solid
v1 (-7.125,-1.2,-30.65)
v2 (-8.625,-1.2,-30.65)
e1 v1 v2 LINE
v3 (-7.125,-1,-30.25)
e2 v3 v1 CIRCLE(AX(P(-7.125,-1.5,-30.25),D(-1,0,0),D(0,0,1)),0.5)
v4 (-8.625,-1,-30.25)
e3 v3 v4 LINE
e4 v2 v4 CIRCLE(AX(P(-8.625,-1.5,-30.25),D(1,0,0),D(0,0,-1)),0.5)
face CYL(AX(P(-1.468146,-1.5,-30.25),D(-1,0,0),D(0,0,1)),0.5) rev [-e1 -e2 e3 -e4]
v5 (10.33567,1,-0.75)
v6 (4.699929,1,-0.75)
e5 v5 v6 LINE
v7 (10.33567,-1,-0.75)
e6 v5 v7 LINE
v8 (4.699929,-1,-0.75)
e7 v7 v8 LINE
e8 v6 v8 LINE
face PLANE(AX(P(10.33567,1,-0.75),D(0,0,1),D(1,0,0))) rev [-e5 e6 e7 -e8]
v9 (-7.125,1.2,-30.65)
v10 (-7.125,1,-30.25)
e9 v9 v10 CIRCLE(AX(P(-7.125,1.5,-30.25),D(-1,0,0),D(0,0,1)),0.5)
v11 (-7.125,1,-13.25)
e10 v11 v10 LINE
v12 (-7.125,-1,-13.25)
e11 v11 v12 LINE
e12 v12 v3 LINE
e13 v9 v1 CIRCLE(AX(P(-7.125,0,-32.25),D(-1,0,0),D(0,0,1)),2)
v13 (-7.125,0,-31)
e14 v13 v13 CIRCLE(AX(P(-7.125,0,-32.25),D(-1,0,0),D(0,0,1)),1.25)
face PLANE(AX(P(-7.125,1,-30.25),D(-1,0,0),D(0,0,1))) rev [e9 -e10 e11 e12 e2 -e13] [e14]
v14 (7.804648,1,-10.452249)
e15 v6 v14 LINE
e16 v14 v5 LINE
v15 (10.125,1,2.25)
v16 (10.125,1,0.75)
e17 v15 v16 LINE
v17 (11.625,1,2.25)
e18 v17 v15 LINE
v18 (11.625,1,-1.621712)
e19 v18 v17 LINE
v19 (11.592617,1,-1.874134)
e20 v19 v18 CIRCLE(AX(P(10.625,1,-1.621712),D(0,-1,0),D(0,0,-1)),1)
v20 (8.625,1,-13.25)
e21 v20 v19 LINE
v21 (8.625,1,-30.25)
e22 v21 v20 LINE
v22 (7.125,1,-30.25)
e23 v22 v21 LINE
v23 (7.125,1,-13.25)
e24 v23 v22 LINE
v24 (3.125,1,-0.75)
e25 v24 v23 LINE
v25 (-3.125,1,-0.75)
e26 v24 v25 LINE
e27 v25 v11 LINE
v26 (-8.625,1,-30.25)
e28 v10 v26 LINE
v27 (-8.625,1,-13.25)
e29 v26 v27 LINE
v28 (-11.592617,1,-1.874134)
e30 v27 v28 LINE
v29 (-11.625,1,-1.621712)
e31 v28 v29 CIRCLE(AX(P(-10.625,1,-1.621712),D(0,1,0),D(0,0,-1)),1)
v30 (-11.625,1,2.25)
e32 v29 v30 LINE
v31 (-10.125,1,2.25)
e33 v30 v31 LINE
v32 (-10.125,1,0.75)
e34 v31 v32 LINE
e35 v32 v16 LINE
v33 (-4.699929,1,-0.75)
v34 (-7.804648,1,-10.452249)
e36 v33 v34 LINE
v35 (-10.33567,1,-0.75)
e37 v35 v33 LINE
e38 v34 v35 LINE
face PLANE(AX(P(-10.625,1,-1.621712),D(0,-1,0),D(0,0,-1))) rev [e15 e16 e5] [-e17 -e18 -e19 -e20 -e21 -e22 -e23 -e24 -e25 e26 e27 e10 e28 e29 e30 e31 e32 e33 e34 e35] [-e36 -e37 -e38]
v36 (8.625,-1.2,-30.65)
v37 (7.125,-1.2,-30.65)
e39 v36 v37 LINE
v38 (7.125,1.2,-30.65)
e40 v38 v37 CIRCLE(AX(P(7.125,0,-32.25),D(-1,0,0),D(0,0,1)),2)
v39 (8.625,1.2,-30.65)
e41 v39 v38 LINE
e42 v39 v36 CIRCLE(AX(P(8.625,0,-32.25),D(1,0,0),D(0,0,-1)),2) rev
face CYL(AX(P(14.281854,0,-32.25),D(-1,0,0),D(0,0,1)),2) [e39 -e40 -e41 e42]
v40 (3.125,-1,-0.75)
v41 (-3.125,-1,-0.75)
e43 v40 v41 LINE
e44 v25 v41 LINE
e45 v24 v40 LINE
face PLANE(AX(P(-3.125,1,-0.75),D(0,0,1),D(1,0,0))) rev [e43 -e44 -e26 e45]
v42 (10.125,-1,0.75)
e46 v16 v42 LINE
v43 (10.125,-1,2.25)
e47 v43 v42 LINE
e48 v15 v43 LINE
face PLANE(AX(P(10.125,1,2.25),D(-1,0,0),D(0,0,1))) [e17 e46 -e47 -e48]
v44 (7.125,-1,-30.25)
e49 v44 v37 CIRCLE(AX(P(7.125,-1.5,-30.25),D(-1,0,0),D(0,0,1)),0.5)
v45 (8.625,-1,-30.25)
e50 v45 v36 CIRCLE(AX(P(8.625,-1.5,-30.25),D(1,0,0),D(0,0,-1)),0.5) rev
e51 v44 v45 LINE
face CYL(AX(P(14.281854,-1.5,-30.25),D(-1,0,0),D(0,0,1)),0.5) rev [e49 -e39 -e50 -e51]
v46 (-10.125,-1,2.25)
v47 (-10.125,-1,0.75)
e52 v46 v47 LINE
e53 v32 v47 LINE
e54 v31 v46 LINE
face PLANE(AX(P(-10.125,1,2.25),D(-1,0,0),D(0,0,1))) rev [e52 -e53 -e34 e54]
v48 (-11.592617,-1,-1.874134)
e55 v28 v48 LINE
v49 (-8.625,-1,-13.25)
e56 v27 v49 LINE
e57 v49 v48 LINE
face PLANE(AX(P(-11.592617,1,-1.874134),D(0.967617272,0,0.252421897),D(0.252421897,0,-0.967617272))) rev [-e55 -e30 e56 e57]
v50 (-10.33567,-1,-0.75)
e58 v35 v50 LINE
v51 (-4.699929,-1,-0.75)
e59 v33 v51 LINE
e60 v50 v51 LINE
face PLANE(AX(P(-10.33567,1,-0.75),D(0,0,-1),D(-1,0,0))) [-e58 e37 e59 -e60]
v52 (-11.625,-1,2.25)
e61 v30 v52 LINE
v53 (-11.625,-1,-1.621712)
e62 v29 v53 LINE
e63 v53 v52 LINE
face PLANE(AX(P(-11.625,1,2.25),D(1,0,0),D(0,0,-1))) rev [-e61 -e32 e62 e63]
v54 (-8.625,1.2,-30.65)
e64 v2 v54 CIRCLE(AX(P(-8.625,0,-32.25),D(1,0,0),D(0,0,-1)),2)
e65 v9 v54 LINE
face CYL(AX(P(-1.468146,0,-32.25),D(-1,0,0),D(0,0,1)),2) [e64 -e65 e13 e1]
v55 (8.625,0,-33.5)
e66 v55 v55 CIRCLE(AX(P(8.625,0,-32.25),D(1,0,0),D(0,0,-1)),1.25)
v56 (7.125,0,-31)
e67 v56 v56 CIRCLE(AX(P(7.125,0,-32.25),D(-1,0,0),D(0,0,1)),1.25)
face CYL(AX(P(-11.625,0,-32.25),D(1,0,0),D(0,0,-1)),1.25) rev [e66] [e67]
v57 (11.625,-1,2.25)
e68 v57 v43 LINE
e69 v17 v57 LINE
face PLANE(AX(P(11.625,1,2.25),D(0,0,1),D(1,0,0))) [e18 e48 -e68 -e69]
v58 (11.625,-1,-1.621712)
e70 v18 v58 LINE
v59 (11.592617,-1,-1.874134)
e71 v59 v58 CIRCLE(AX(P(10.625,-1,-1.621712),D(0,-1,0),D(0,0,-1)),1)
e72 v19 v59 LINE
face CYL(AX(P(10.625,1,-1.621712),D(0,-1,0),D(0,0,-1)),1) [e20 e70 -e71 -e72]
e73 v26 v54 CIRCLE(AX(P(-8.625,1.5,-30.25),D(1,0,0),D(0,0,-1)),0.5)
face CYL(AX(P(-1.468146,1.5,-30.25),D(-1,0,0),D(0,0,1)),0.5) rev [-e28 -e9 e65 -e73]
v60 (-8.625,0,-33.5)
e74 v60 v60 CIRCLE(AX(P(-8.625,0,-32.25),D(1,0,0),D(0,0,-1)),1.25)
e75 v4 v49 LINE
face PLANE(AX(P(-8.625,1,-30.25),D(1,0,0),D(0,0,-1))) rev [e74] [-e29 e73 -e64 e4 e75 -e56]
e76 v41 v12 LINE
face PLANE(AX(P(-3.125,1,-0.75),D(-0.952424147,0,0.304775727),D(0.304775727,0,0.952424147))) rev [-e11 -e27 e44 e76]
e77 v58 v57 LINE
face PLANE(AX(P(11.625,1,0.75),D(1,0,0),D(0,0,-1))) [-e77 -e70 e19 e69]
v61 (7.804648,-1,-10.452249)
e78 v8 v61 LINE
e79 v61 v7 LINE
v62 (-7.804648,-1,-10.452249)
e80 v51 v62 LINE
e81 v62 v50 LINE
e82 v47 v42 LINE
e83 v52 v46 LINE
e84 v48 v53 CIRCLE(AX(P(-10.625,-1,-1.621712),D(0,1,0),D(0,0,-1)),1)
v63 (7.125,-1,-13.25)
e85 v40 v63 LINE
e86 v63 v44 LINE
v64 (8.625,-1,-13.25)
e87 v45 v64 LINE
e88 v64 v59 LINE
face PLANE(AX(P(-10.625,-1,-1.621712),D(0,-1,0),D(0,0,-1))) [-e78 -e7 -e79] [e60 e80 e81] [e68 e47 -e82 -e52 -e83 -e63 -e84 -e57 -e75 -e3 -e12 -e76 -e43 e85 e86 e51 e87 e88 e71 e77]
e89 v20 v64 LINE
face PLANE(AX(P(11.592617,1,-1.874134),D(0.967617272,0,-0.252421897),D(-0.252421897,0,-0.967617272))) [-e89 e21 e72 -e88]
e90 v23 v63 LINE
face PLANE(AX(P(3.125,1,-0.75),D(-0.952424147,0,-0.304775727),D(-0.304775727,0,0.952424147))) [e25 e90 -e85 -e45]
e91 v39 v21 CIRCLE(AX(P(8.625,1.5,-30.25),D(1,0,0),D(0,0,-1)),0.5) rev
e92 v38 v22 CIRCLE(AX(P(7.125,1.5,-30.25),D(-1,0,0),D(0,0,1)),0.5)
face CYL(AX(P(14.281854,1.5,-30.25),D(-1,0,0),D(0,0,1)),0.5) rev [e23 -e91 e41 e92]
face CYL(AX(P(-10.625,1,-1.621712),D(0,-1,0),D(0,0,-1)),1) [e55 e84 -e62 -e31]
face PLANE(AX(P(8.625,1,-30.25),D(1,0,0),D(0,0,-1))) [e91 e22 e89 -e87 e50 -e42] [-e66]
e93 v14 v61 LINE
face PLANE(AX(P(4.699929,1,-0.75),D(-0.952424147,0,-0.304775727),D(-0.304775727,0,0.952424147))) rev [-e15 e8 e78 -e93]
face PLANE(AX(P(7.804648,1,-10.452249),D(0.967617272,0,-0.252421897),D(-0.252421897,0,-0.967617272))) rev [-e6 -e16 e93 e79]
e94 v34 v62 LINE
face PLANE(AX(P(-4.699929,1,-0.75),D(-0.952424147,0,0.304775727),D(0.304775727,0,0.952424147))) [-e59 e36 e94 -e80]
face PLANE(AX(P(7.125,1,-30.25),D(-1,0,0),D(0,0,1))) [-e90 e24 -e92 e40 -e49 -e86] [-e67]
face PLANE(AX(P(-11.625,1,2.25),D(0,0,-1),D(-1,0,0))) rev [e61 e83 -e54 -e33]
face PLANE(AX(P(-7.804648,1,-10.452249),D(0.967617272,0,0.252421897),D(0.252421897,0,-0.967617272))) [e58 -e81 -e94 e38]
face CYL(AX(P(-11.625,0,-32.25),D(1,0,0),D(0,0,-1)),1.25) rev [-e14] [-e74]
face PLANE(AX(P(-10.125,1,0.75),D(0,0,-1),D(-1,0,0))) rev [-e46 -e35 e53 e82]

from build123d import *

# Parameters (mm, degrees)
BOSS_EXTRUDE1_DEPTH     = 1
BOSS_EXTRUDE2_START     = 7.125
BOSS_EXTRUDE2_DEPTH     = 1.5
BOSS_EXTRUDE3_START     = -8.625
BOSS_EXTRUDE3_DEPTH     = 1.5
SKETCH3_R               = 1.25
CUT_EXTRUDE1_DEPTH      = 12.625
CUT_EXTRUDE1_DEPTH_BACK = 12.625


with BuildPart() as part:
    # Sketch1 → Boss-Extrude1 (new body, symmetric)
    with BuildSketch(Plane(origin=(0, 0, 0), x_dir=(1, 0, 0), z_dir=(0, 1, 0))):
        with BuildLine():
            Line((-10.125, -0.75), (0, -0.75))
            Line((0, -0.75), (0, 0.75))
            Line((0, 0.75), (-3.125, 0.75))
            Line((-3.125, 0.75), (-7.125, 13.25))
            Line((-7.125, 13.25), (-7.125, 30.25))
            Line((-7.125, 30.25), (-8.625, 30.25))
            Line((-8.625, 30.25), (-8.625, 13.25))
            Line((-8.625, 13.25), (-11.592617272, 1.874133789))
            ThreePointArc((-11.592617272, 1.874133789), (-11.61687128, 1.748957182), (-11.625, 1.621711892))
            Line((-11.625, 1.621711892), (-11.625, -0.75))
            Line((-11.625, -0.75), (-11.625, -2.25))
            Line((-11.625, -2.25), (-10.125, -2.25))
            Line((-10.125, -2.25), (-10.125, -0.75))
        make_face()
        Polygon((-4.69992857, 0.75), (-7.804648328, 10.452249246), (-10.335669871, 0.75), align=None, mode=Mode.SUBTRACT)
    boss_extrude1 = extrude(amount=BOSS_EXTRUDE1_DEPTH, both=True)

    # Mirror1: Boss-Extrude1 across plane
    add(boss_extrude1.mirror(Plane(origin=(0, 0, 0), x_dir=(0, 0, 1), z_dir=(1, 0, 0))))

    # Sketch2 → Boss-Extrude2 (add)
    with BuildSketch(Plane(origin=(0, 0, 0), x_dir=(0, 0, -1), z_dir=(1, 0, 0)).offset(BOSS_EXTRUDE2_START)):
        with BuildLine():
            Line((30.25, 1), (30.25, -1))
            ThreePointArc((30.25, -1), (30.473606798, -1.052786405), (30.65, -1.2))
            ThreePointArc((30.65, -1.2), (34.25, 0), (30.65, 1.2))
            ThreePointArc((30.65, 1.2), (30.473606798, 1.052786405), (30.25, 1))
        make_face()
    extrude(amount=BOSS_EXTRUDE2_DEPTH)

    # Sketch2<2> → Boss-Extrude3 (add)
    with BuildSketch(Plane(origin=(0, 0, 0), x_dir=(0, 0, -1), z_dir=(1, 0, 0)).offset(BOSS_EXTRUDE3_START)):
        with BuildLine():
            Line((30.25, 1), (30.25, -1))
            ThreePointArc((30.25, -1), (30.473606798, -1.052786405), (30.65, -1.2))
            ThreePointArc((30.65, -1.2), (34.25, 0), (30.65, 1.2))
            ThreePointArc((30.65, 1.2), (30.473606798, 1.052786405), (30.25, 1))
        make_face()
    extrude(amount=BOSS_EXTRUDE3_DEPTH)

    # Sketch3 → Cut-Extrude1 (cut, two sides)
    with BuildSketch(Plane(origin=(0, 0, 0), x_dir=(0, 0, -1), z_dir=(1, 0, 0))) as cut_extrude1_sk:
        with Locations((32.25, 0)):
            Circle(SKETCH3_R)
    extrude(amount=CUT_EXTRUDE1_DEPTH, mode=Mode.SUBTRACT)
    extrude(cut_extrude1_sk.sketch, amount=-CUT_EXTRUDE1_DEPTH_BACK, mode=Mode.SUBTRACT)


solid = part.part
